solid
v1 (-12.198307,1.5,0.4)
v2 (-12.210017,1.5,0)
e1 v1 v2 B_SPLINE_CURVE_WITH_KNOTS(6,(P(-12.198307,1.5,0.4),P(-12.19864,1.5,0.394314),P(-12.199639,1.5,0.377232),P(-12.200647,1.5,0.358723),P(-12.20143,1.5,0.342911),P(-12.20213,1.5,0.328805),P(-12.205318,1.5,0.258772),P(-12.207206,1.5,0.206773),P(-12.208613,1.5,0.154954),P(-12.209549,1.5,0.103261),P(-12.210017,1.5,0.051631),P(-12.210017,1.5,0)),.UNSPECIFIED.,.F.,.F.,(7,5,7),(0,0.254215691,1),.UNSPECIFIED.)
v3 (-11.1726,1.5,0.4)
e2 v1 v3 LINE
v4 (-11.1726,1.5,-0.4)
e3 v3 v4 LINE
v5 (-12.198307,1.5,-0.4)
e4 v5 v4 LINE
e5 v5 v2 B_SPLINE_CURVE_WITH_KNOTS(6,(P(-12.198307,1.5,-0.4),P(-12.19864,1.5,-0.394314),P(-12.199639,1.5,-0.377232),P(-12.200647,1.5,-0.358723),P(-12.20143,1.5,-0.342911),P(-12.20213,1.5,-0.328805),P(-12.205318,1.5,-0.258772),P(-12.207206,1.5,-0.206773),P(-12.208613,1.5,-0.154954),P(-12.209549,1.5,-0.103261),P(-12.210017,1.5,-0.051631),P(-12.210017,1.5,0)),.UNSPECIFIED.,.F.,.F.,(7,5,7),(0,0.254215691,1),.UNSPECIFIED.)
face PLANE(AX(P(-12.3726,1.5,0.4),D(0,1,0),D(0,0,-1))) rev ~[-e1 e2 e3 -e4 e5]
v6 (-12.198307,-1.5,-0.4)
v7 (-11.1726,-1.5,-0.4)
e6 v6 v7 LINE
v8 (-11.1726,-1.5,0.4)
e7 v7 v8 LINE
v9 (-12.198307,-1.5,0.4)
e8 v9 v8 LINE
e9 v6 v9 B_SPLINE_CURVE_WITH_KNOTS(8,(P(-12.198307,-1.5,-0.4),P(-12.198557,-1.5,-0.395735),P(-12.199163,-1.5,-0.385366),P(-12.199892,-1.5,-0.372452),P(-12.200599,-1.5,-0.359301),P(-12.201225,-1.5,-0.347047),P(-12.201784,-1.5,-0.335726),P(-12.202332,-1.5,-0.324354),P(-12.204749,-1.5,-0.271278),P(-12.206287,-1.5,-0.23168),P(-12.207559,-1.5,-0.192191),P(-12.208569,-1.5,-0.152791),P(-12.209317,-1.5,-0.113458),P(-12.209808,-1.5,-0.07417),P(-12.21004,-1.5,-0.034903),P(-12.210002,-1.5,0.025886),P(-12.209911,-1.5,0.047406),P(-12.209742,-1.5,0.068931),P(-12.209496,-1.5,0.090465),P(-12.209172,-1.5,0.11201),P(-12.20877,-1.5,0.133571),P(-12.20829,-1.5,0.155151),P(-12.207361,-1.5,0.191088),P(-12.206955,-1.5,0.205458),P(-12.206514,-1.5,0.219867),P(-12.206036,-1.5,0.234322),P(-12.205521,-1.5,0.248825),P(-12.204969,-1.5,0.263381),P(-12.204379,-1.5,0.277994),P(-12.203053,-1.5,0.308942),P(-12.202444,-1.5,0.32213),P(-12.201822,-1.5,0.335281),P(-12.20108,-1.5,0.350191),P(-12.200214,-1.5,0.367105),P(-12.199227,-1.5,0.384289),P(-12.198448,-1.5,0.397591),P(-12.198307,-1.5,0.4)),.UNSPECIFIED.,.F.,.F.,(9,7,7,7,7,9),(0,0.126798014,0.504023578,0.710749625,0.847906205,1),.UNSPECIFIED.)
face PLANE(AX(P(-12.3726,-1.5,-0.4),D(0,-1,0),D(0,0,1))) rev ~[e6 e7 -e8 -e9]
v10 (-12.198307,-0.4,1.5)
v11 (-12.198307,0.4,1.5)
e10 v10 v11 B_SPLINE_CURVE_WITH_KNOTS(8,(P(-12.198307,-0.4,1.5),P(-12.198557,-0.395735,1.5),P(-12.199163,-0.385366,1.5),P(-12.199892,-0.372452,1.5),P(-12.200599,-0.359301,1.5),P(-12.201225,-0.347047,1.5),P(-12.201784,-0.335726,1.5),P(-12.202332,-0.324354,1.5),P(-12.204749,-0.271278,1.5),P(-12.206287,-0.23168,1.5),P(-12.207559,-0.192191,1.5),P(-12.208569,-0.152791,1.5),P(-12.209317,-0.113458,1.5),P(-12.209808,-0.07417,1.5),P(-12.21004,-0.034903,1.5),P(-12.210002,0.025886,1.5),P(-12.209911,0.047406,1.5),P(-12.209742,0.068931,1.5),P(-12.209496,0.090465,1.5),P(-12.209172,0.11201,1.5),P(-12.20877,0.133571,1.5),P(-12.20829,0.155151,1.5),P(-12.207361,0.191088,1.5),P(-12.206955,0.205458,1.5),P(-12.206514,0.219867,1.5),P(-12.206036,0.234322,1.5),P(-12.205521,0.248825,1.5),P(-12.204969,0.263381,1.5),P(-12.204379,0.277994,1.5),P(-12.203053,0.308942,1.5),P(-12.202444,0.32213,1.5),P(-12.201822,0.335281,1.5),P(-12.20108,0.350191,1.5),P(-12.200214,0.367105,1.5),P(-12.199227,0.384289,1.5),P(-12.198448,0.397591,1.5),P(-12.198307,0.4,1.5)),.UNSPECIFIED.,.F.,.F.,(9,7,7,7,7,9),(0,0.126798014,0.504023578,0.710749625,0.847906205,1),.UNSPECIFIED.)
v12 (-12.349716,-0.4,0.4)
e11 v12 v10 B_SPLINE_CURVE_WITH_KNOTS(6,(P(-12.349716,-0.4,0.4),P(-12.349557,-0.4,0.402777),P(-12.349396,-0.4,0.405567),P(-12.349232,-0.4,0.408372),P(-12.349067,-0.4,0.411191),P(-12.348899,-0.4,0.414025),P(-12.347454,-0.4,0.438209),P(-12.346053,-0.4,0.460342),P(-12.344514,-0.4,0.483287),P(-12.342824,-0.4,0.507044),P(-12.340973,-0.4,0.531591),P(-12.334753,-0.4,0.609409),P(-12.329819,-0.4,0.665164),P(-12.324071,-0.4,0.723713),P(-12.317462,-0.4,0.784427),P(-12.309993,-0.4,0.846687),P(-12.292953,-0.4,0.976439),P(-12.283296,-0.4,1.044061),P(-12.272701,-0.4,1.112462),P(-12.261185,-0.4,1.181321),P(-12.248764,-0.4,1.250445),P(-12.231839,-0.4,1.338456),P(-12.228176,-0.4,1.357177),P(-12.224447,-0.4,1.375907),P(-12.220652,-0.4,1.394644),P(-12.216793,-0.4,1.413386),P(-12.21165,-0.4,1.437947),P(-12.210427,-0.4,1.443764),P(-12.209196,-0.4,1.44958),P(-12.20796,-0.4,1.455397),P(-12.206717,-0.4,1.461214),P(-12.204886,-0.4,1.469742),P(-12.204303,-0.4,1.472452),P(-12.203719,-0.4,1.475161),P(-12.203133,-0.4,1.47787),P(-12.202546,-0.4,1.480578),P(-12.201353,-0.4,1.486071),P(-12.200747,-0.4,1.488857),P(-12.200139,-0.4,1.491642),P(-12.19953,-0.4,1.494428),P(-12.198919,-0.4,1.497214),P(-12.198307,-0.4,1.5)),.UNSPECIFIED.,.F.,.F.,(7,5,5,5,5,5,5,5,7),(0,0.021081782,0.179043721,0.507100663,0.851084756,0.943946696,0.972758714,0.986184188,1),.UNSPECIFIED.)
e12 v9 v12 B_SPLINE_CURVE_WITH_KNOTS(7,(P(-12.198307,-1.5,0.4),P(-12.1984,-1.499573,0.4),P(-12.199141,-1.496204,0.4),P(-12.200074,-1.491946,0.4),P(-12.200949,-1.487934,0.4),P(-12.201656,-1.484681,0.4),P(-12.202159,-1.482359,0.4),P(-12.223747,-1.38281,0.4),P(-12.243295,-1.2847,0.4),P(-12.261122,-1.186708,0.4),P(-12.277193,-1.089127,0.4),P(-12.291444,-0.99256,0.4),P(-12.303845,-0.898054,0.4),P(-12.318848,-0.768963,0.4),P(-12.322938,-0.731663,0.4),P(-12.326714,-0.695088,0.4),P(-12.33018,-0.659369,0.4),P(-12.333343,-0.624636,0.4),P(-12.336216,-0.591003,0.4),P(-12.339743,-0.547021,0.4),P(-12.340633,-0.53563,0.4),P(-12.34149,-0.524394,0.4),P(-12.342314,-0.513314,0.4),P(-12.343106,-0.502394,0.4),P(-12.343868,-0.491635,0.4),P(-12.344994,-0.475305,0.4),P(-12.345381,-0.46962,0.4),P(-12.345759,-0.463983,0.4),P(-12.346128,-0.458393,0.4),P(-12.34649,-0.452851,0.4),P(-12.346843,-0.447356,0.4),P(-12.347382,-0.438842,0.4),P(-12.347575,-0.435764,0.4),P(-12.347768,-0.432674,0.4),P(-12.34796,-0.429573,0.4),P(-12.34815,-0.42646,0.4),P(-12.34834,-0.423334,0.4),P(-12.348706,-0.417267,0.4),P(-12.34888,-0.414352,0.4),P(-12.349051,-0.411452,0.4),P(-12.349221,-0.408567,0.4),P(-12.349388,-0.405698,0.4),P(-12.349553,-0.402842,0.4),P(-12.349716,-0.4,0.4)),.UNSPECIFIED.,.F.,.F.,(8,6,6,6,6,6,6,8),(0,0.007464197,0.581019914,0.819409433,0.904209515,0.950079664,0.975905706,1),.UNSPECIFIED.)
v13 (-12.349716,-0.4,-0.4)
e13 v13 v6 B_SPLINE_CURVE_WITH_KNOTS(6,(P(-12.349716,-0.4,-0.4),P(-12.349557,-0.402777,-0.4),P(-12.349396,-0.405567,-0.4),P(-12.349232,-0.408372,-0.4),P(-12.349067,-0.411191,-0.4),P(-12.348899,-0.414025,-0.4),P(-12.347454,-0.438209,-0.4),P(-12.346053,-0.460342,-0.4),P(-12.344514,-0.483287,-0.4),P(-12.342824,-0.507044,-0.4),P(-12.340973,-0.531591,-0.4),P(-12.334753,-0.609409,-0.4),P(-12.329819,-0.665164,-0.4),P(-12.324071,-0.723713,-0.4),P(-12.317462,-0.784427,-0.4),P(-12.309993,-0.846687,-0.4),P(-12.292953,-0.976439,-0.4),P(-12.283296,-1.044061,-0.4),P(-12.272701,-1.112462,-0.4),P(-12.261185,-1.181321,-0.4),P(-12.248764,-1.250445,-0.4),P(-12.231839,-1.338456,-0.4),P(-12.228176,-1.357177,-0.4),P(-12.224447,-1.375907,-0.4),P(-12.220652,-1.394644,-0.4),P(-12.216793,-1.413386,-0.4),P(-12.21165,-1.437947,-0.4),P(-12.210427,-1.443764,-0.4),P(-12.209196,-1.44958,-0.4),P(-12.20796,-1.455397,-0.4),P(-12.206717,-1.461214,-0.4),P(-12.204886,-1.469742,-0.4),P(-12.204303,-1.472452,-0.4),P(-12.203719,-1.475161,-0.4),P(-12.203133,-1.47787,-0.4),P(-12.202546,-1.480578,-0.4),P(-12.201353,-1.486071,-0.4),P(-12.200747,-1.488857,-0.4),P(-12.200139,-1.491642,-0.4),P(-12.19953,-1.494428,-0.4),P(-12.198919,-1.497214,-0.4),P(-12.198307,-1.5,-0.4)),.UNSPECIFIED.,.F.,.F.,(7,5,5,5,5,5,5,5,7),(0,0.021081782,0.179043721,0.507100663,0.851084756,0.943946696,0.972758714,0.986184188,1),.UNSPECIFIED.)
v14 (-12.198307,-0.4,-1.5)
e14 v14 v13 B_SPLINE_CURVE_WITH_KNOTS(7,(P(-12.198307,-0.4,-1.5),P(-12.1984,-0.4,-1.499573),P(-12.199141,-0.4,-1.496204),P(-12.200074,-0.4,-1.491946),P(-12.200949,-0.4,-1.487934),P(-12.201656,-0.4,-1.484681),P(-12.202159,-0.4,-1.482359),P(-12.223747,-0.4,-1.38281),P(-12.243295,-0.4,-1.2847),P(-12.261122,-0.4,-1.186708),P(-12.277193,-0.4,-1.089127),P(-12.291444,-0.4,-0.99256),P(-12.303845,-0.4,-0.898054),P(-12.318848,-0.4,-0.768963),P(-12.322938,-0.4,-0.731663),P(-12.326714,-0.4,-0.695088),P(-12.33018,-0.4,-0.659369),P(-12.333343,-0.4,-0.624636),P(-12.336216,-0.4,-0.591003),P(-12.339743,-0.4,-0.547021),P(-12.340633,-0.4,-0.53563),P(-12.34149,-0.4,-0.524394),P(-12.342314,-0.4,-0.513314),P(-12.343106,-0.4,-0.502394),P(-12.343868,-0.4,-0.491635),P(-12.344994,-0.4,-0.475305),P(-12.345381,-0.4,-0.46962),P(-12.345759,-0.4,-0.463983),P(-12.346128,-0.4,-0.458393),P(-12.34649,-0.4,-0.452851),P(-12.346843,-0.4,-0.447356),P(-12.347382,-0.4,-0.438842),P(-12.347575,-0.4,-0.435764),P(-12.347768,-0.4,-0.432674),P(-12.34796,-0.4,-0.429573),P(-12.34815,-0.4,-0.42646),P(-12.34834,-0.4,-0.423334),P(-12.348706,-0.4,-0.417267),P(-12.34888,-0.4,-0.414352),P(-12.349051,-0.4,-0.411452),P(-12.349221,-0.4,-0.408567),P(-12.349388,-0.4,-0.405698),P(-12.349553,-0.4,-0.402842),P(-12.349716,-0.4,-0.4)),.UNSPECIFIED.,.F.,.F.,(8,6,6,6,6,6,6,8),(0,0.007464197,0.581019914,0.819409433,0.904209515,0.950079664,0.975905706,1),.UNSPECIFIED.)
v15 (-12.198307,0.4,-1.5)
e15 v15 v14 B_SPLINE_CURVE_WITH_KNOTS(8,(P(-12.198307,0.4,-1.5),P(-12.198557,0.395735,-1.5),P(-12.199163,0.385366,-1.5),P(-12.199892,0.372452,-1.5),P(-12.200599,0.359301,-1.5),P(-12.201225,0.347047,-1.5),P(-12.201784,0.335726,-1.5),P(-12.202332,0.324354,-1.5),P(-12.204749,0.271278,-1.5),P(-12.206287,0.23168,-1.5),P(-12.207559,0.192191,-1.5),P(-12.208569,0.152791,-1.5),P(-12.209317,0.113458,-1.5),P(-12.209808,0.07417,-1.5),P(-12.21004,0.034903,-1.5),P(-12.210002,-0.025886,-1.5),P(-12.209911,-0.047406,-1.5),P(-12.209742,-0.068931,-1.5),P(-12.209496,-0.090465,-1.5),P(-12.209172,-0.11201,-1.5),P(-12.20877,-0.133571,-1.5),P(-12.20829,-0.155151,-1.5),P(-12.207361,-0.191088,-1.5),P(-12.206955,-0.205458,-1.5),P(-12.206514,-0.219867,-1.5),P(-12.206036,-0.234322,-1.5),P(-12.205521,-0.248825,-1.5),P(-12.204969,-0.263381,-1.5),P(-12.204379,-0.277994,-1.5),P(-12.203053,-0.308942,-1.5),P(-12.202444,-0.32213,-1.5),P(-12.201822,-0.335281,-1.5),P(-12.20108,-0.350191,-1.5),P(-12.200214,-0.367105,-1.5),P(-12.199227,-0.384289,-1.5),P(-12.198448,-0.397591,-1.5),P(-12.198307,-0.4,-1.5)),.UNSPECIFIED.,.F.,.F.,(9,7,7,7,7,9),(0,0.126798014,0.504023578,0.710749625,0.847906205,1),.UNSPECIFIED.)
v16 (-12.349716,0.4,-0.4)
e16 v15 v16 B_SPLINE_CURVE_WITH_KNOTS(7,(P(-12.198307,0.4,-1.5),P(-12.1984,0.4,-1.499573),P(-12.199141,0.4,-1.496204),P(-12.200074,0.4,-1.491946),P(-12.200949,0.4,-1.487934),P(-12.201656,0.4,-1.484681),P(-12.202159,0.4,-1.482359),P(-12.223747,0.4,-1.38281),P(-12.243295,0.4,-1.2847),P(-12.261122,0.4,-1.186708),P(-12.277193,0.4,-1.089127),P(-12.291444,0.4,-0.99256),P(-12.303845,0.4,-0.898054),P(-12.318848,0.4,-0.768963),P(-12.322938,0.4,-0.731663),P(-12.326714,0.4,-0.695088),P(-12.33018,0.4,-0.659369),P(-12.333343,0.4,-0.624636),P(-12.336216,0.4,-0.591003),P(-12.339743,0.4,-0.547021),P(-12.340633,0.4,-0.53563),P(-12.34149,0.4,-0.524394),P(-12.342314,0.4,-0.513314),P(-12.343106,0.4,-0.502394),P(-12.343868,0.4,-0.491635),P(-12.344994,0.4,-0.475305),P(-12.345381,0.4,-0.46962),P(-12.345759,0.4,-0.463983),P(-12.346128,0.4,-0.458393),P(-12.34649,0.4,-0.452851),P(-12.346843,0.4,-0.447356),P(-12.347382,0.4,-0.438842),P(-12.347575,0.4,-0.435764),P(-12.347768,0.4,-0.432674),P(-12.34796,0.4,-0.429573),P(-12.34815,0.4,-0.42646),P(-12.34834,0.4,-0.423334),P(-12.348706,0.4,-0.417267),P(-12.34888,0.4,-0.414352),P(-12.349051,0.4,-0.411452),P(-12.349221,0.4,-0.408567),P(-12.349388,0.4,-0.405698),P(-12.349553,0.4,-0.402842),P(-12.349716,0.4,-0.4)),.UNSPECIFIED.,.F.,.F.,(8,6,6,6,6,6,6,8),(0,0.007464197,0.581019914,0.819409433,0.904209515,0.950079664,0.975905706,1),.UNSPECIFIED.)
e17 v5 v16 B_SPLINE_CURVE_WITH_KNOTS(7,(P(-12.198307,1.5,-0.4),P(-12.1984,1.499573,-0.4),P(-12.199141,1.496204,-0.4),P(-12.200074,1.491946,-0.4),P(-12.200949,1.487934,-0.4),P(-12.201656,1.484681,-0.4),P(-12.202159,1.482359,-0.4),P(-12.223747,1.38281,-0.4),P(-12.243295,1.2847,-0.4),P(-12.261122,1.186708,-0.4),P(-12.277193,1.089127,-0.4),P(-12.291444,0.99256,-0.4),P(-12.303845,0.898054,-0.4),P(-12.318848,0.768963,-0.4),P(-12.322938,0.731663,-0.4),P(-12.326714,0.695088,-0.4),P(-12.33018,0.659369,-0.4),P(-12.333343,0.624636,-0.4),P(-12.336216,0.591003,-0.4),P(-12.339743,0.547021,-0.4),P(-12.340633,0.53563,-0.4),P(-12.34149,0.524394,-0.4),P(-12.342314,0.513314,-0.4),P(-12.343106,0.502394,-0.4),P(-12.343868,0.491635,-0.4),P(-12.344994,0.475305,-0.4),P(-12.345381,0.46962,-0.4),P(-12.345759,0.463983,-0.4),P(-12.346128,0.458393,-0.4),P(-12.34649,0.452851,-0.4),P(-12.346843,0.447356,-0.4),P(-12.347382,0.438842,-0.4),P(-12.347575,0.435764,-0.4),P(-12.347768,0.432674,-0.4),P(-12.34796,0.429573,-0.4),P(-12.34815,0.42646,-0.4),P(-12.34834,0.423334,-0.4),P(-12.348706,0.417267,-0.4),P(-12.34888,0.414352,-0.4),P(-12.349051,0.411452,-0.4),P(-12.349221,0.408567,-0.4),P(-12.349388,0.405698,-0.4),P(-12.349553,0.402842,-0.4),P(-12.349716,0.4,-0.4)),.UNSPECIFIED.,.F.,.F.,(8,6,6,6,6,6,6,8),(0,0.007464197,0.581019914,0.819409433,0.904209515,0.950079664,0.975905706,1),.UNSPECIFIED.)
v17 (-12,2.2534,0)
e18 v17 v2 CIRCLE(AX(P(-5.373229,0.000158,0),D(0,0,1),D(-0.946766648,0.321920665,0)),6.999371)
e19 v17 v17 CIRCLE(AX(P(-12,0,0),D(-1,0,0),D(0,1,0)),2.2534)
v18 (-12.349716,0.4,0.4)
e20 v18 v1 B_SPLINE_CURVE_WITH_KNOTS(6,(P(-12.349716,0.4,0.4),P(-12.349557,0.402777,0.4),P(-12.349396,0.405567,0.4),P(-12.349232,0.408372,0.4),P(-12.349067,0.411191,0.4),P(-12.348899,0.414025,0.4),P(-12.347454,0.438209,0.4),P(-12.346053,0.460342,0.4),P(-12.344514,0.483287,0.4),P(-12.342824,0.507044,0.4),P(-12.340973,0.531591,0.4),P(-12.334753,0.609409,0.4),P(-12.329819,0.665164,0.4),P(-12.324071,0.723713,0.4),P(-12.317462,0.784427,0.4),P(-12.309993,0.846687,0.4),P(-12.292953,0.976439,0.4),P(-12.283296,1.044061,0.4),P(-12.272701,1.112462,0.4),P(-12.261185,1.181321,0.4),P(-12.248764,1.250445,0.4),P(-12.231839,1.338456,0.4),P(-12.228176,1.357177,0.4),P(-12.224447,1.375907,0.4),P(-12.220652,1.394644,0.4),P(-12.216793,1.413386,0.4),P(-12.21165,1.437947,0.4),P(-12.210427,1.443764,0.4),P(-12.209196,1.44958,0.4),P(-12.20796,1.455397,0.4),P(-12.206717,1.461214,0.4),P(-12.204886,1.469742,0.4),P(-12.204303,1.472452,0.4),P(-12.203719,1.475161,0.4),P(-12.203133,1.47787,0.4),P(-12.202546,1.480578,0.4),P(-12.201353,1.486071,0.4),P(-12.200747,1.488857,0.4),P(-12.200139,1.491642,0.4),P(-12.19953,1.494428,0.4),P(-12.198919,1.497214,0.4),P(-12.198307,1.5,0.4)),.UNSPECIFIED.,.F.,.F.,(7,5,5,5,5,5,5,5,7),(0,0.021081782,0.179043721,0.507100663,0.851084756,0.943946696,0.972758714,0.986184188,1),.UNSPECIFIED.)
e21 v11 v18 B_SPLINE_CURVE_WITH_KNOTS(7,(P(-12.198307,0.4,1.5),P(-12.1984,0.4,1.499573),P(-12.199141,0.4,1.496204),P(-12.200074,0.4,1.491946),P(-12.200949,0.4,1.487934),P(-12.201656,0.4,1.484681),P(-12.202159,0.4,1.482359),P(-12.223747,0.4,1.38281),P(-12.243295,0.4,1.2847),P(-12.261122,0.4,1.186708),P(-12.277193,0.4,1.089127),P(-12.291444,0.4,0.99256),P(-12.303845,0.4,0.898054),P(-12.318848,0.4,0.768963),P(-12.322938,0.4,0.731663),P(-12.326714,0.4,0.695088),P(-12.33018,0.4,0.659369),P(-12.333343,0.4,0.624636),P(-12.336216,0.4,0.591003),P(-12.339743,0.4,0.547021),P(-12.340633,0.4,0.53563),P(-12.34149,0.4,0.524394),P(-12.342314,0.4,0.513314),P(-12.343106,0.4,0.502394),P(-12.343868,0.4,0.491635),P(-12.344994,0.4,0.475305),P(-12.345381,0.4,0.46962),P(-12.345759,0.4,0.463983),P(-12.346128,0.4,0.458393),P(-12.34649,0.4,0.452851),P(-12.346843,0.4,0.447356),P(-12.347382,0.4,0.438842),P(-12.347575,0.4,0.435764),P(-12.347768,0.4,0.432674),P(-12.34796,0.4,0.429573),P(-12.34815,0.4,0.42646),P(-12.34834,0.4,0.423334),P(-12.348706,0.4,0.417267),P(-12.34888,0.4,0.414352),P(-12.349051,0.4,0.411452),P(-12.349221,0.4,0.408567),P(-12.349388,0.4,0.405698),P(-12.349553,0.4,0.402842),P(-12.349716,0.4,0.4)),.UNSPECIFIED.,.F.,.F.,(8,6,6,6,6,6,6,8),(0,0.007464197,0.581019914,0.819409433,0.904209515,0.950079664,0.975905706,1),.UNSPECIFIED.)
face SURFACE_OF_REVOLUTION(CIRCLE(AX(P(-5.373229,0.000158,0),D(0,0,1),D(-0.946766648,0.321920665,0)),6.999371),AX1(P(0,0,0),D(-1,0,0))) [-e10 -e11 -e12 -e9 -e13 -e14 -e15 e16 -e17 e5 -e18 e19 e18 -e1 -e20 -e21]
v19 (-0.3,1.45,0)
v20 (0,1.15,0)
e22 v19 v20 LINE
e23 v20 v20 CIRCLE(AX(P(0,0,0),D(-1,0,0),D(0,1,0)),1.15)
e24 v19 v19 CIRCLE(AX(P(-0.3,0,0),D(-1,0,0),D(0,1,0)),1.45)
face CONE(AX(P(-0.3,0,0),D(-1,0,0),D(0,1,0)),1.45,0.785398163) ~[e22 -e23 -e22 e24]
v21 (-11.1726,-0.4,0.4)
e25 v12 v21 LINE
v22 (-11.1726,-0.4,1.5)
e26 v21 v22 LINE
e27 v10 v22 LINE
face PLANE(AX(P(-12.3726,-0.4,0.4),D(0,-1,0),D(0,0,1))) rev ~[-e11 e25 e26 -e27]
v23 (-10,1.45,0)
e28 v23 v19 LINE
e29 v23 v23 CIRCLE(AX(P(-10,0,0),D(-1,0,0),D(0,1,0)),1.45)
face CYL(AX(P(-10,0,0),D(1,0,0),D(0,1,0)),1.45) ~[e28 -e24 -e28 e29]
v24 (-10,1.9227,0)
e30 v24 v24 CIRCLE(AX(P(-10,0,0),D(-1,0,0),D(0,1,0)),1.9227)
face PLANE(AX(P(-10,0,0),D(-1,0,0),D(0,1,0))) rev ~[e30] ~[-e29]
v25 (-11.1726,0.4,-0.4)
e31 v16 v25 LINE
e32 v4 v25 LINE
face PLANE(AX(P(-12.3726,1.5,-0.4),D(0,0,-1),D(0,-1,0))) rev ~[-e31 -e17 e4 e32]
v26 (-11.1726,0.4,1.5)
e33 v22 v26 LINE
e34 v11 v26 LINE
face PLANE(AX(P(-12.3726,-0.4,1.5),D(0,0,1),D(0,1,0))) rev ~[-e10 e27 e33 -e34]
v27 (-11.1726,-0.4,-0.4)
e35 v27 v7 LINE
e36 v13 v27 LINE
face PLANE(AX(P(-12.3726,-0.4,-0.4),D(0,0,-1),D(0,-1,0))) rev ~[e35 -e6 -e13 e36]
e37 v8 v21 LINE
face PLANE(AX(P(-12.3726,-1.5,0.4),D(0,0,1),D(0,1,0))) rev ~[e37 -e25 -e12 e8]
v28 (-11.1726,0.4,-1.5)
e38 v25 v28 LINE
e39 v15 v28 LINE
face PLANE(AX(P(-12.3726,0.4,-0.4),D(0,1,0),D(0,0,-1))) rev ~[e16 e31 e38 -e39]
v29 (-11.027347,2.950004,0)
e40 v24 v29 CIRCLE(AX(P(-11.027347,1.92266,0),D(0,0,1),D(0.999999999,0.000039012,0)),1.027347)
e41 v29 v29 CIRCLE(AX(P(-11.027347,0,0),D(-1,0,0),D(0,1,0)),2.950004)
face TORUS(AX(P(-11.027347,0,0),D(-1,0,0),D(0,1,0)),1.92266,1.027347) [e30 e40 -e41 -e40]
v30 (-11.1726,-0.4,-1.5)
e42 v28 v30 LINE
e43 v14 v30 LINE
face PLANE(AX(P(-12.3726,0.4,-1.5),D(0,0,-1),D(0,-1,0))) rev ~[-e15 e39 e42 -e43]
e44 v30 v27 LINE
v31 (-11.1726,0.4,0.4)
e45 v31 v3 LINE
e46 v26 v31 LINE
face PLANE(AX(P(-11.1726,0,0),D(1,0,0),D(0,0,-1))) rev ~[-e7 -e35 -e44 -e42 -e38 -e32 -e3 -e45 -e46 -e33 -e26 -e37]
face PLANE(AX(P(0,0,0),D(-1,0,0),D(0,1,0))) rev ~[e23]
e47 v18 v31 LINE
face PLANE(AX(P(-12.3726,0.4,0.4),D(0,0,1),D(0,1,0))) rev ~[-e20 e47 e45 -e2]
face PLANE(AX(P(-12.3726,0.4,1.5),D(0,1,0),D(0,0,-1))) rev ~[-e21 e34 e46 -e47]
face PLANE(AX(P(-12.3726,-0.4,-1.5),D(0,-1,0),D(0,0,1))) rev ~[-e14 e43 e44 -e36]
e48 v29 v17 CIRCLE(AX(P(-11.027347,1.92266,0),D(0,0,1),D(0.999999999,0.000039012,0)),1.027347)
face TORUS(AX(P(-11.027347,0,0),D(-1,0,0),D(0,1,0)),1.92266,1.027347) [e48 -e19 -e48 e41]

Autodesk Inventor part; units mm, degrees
ref_plane "YZ Plane" through (0, 0, 0) normal (1, 0, 0) x (0, 1, 0)
ref_plane "XZ Plane" through (0, 0, 0) normal (0, 1, 0) x (-1, 0, 0)
sketch "Эскиз1" plane through (0, 0, 0) normal (0, 0, 1) x (1, 0, 0)
  line L0 (0, 0) -> (-12.3726, 0)
  arc A0 (-10, 1.9227) -> (-12, 2.2534) centre (-11.0273, 1.9227) ccw
  line L1 (-10, 1.9227) -> (-10, 1.45)
  line L2 (-10, 1.45) -> (0, 1.45)
  line L3 (0, 1.45) -> (0, 0)
  line L4 (-12.6724, 2.95) -> (-10.1128, 2.95)
  arc A1 (-12, 2.2534) -> (-12.3726, 0) centre (-5.3726, 0) ccw
  dimension "d0" = 2.9
  dimension "d1" = 5.9
  dimension "d2" = 2
  dimension "d3" = 10
  dimension "d4" = 7
revolve "Вращение1" add sketch "Эскиз1" angle 360 about axis through (0, 0, 0) along (-1, 0, 0)
chamfer "Фаска1" distance 0.3 angle 45 1 edges at (0, -1.45, 0)
ref_plane "РабПлоскость2" through (-12.3726, 0, 0) normal (1, 0, 0) x (0, 0, -1)
sketch "Эскиз2" plane through (-12.3726, 0, 0) normal (1, 0, 0) x (0, 0, -1)
  line L0 (-0.4, 1.5) -> (0.4, 1.5)
  line L1 (0.4, 1.5) -> (0.4, -1.5)
  line L2 (0.4, -1.5) -> (-0.4, -1.5)
  line L3 (-0.4, -1.5) -> (-0.4, 1.5)
  line L4 (-1.5, 0.4) -> (1.5, 0.4)
  line L5 (1.5, 0.4) -> (1.5, -0.4)
  line L6 (1.5, -0.4) -> (-1.5, -0.4)
  line L7 (-1.5, -0.4) -> (-1.5, 0.4)
  point P0 (0, 0)
  point P1 (0, 1.5)
  point P2 (0, 0.4)
  point P3 (-1.5, 0)
  point P4 (-0.4, 0)
  point P5 (0.4, 0.4)
  point P6 (-0.4, 0.4)
  point P7 (-0.4, -0.4)
  point P8 (0.4, -0.4)
  dimension "d10" = 0.8
  dimension "d11" = 3
extrude "Выдавливание1" cut sketch "Эскиз2" along normal blind 1.2
properties part number "Винт М3х19"
